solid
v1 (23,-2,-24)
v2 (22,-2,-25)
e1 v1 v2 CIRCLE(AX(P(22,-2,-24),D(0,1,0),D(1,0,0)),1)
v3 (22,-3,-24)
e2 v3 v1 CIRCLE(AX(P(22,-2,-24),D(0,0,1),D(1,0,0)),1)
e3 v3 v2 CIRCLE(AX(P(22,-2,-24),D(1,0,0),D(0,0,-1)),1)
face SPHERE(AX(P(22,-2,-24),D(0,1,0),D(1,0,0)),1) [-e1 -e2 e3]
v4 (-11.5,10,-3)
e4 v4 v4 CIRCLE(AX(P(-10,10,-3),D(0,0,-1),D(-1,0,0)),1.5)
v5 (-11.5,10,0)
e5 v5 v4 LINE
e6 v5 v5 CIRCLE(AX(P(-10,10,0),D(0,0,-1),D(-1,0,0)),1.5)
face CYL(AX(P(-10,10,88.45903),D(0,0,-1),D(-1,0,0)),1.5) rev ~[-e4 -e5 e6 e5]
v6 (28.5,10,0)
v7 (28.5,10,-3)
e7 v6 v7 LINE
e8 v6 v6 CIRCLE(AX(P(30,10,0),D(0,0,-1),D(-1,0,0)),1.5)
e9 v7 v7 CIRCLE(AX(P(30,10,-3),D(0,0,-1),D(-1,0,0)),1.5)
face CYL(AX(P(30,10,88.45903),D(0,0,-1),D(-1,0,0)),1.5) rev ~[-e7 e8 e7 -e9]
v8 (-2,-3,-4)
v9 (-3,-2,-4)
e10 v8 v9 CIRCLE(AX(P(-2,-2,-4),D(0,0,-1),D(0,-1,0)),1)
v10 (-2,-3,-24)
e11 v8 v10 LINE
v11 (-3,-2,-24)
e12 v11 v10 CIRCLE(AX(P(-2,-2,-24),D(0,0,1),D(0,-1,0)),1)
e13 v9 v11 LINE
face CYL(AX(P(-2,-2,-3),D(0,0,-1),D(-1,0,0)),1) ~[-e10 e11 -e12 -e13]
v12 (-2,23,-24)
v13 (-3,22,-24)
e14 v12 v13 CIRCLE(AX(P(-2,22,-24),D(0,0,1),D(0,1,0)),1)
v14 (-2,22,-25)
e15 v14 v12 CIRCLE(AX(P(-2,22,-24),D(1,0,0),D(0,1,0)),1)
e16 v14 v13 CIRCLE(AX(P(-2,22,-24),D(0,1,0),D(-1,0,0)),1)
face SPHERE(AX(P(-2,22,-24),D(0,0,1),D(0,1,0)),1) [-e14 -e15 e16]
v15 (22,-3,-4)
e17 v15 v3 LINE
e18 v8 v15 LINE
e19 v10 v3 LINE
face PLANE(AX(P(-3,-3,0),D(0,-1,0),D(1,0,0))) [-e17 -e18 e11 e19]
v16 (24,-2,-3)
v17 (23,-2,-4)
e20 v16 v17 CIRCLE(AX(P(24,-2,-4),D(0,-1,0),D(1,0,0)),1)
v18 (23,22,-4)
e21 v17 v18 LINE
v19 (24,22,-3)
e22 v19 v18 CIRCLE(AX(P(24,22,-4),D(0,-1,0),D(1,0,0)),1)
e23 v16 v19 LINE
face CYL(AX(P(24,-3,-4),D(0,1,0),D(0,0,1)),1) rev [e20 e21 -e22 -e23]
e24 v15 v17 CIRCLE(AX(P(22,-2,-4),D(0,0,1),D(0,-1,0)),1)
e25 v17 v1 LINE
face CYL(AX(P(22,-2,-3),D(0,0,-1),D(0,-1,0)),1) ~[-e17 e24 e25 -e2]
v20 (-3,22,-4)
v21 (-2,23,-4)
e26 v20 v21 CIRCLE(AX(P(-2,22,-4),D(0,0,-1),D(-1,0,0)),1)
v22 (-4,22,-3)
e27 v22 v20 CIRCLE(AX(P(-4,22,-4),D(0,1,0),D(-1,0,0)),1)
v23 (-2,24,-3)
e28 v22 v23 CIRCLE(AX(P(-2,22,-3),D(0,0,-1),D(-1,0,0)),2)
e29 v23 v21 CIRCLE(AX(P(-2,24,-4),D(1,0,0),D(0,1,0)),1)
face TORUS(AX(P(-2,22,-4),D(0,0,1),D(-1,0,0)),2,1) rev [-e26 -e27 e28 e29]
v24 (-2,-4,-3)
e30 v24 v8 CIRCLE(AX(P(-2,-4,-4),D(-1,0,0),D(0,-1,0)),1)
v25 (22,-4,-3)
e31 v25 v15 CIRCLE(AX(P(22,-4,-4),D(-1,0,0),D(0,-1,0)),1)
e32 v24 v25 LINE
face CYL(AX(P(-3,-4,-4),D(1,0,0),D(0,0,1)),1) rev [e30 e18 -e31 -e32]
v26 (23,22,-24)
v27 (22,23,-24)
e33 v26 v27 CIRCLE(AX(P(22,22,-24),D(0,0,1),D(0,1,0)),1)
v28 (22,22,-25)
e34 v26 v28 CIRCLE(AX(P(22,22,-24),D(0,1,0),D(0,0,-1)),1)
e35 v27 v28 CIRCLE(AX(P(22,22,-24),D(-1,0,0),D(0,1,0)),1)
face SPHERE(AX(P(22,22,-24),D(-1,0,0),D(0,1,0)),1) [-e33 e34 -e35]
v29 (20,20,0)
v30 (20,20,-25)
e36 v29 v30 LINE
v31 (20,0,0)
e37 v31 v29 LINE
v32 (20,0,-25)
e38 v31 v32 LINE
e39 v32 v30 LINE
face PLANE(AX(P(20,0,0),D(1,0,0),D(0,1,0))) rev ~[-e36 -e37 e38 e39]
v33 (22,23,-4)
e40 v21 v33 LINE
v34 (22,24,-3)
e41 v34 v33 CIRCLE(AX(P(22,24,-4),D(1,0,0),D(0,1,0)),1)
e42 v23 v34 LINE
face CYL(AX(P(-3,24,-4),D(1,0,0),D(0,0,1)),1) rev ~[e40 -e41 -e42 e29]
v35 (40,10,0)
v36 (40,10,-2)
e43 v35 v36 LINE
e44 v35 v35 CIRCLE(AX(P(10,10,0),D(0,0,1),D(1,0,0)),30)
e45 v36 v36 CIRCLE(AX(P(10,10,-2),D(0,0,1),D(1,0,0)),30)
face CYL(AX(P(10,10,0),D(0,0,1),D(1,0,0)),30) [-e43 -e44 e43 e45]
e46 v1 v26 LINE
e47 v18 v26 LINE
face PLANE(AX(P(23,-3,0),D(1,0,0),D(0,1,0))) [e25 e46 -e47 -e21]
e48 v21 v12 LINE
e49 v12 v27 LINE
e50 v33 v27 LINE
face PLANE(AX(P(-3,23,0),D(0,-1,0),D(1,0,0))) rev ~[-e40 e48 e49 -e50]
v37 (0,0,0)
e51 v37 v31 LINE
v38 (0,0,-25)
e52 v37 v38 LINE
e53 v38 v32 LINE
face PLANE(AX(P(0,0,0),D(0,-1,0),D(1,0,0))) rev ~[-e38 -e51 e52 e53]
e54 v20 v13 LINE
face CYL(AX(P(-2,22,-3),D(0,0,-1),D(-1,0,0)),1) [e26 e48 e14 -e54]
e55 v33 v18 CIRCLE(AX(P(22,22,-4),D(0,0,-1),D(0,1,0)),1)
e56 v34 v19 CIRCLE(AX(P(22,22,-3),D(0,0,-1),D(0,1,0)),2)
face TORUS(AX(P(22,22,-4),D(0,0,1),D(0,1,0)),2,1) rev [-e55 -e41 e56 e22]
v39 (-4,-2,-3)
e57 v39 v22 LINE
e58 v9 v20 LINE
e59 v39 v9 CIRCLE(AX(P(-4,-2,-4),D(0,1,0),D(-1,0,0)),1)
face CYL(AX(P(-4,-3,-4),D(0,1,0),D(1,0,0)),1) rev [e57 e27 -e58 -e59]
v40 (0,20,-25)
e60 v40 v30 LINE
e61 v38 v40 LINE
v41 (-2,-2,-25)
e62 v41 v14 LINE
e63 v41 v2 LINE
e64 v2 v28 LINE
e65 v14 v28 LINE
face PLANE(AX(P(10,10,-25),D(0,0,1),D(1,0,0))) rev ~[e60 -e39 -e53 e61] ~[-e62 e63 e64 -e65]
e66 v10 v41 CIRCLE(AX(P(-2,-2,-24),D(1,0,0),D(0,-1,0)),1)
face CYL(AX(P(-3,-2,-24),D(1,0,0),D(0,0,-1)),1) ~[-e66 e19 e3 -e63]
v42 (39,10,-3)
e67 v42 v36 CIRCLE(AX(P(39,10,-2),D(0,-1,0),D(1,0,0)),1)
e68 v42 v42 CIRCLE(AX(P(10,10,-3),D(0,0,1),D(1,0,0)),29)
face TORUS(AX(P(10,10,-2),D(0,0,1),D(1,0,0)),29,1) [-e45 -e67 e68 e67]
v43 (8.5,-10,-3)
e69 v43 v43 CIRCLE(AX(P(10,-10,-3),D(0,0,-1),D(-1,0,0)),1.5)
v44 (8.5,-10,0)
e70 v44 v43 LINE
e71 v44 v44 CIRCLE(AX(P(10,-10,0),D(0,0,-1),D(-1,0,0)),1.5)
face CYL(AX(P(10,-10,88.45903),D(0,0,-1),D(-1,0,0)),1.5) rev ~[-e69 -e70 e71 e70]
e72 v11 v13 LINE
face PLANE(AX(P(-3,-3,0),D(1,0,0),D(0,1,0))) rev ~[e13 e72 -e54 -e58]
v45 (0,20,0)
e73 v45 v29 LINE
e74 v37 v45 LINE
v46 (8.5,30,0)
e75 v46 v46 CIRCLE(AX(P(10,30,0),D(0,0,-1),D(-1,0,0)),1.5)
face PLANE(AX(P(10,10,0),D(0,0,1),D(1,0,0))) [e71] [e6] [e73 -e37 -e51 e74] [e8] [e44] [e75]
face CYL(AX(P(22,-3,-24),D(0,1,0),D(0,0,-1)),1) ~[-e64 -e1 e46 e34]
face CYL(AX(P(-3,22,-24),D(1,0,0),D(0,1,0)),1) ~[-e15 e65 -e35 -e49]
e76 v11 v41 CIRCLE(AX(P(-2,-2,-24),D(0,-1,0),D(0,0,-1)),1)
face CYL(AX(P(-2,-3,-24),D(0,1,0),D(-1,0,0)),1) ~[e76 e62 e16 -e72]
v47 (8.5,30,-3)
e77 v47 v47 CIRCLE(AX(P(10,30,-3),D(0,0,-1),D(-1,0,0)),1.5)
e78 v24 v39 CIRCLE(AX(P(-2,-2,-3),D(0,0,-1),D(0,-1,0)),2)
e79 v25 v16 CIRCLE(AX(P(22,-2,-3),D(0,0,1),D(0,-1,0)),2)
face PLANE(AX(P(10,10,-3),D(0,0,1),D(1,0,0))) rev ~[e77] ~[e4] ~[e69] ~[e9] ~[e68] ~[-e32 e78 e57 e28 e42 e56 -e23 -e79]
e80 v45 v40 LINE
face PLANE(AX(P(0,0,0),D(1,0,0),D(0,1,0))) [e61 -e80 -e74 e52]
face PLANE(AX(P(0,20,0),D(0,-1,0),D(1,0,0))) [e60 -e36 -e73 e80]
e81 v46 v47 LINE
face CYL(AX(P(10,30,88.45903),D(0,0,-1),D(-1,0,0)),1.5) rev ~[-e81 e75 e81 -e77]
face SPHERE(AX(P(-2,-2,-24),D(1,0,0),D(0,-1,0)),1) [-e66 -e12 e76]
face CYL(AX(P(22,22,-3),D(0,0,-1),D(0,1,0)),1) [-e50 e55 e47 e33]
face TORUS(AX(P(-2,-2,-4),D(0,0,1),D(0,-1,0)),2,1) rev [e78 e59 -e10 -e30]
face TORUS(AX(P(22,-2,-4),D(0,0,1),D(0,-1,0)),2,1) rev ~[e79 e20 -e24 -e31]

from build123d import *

# Parameters (mm, degrees)
F0_R     = 30
F0_W     = 26
F0_H     = 26
F1_DEPTH = 3
F0_W_2   = 20
F0_H_2   = 20
F2_DEPTH = 25
F3_R     = 1
F5_D     = 3


with BuildPart() as f1:
    # F0 (on Top) → F1 (new body)
    with BuildSketch(Plane.XY):
        with Locations((10, 10)):
            Circle(F0_R)
        with Locations((10, 10)):
            Rectangle(F0_W, F0_H, mode=Mode.SUBTRACT)
    extrude(amount=-F1_DEPTH)

    # F0 (on Top) → F2 (join)
    with BuildSketch(Plane.XY):
        with Locations((10, 10)):
            Rectangle(F0_W, F0_H)
        with Locations((10, 10)):
            Rectangle(F0_W_2, F0_H_2, mode=Mode.SUBTRACT)
    extrude(amount=-F2_DEPTH)

    # F3
    f3_edges = [f1.edges().sort_by_distance(p)[0] for p in [
        (-20, 10, -3),
        (10, -3, -3),
        (-3, 10, -3),
        (10, 23, -3),
        (23, 10, -3),
        (-3, 23, -14),
        (10, 23, -25),
        (23, 23, -14),
        (23, 10, -25),
        (23, -3, -14),
        (10, -3, -25),
        (-3, -3, -14),
        (-3, 10, -25),
    ]]
    fillet(f3_edges, radius=F3_R)

    # F5 (through all)
    with Locations(Plane.XY):
        with Locations((10, 30), (30, 10), (10, -10), (-10, 10)):
            Hole(F5_D / 2)


solid = f1.part
